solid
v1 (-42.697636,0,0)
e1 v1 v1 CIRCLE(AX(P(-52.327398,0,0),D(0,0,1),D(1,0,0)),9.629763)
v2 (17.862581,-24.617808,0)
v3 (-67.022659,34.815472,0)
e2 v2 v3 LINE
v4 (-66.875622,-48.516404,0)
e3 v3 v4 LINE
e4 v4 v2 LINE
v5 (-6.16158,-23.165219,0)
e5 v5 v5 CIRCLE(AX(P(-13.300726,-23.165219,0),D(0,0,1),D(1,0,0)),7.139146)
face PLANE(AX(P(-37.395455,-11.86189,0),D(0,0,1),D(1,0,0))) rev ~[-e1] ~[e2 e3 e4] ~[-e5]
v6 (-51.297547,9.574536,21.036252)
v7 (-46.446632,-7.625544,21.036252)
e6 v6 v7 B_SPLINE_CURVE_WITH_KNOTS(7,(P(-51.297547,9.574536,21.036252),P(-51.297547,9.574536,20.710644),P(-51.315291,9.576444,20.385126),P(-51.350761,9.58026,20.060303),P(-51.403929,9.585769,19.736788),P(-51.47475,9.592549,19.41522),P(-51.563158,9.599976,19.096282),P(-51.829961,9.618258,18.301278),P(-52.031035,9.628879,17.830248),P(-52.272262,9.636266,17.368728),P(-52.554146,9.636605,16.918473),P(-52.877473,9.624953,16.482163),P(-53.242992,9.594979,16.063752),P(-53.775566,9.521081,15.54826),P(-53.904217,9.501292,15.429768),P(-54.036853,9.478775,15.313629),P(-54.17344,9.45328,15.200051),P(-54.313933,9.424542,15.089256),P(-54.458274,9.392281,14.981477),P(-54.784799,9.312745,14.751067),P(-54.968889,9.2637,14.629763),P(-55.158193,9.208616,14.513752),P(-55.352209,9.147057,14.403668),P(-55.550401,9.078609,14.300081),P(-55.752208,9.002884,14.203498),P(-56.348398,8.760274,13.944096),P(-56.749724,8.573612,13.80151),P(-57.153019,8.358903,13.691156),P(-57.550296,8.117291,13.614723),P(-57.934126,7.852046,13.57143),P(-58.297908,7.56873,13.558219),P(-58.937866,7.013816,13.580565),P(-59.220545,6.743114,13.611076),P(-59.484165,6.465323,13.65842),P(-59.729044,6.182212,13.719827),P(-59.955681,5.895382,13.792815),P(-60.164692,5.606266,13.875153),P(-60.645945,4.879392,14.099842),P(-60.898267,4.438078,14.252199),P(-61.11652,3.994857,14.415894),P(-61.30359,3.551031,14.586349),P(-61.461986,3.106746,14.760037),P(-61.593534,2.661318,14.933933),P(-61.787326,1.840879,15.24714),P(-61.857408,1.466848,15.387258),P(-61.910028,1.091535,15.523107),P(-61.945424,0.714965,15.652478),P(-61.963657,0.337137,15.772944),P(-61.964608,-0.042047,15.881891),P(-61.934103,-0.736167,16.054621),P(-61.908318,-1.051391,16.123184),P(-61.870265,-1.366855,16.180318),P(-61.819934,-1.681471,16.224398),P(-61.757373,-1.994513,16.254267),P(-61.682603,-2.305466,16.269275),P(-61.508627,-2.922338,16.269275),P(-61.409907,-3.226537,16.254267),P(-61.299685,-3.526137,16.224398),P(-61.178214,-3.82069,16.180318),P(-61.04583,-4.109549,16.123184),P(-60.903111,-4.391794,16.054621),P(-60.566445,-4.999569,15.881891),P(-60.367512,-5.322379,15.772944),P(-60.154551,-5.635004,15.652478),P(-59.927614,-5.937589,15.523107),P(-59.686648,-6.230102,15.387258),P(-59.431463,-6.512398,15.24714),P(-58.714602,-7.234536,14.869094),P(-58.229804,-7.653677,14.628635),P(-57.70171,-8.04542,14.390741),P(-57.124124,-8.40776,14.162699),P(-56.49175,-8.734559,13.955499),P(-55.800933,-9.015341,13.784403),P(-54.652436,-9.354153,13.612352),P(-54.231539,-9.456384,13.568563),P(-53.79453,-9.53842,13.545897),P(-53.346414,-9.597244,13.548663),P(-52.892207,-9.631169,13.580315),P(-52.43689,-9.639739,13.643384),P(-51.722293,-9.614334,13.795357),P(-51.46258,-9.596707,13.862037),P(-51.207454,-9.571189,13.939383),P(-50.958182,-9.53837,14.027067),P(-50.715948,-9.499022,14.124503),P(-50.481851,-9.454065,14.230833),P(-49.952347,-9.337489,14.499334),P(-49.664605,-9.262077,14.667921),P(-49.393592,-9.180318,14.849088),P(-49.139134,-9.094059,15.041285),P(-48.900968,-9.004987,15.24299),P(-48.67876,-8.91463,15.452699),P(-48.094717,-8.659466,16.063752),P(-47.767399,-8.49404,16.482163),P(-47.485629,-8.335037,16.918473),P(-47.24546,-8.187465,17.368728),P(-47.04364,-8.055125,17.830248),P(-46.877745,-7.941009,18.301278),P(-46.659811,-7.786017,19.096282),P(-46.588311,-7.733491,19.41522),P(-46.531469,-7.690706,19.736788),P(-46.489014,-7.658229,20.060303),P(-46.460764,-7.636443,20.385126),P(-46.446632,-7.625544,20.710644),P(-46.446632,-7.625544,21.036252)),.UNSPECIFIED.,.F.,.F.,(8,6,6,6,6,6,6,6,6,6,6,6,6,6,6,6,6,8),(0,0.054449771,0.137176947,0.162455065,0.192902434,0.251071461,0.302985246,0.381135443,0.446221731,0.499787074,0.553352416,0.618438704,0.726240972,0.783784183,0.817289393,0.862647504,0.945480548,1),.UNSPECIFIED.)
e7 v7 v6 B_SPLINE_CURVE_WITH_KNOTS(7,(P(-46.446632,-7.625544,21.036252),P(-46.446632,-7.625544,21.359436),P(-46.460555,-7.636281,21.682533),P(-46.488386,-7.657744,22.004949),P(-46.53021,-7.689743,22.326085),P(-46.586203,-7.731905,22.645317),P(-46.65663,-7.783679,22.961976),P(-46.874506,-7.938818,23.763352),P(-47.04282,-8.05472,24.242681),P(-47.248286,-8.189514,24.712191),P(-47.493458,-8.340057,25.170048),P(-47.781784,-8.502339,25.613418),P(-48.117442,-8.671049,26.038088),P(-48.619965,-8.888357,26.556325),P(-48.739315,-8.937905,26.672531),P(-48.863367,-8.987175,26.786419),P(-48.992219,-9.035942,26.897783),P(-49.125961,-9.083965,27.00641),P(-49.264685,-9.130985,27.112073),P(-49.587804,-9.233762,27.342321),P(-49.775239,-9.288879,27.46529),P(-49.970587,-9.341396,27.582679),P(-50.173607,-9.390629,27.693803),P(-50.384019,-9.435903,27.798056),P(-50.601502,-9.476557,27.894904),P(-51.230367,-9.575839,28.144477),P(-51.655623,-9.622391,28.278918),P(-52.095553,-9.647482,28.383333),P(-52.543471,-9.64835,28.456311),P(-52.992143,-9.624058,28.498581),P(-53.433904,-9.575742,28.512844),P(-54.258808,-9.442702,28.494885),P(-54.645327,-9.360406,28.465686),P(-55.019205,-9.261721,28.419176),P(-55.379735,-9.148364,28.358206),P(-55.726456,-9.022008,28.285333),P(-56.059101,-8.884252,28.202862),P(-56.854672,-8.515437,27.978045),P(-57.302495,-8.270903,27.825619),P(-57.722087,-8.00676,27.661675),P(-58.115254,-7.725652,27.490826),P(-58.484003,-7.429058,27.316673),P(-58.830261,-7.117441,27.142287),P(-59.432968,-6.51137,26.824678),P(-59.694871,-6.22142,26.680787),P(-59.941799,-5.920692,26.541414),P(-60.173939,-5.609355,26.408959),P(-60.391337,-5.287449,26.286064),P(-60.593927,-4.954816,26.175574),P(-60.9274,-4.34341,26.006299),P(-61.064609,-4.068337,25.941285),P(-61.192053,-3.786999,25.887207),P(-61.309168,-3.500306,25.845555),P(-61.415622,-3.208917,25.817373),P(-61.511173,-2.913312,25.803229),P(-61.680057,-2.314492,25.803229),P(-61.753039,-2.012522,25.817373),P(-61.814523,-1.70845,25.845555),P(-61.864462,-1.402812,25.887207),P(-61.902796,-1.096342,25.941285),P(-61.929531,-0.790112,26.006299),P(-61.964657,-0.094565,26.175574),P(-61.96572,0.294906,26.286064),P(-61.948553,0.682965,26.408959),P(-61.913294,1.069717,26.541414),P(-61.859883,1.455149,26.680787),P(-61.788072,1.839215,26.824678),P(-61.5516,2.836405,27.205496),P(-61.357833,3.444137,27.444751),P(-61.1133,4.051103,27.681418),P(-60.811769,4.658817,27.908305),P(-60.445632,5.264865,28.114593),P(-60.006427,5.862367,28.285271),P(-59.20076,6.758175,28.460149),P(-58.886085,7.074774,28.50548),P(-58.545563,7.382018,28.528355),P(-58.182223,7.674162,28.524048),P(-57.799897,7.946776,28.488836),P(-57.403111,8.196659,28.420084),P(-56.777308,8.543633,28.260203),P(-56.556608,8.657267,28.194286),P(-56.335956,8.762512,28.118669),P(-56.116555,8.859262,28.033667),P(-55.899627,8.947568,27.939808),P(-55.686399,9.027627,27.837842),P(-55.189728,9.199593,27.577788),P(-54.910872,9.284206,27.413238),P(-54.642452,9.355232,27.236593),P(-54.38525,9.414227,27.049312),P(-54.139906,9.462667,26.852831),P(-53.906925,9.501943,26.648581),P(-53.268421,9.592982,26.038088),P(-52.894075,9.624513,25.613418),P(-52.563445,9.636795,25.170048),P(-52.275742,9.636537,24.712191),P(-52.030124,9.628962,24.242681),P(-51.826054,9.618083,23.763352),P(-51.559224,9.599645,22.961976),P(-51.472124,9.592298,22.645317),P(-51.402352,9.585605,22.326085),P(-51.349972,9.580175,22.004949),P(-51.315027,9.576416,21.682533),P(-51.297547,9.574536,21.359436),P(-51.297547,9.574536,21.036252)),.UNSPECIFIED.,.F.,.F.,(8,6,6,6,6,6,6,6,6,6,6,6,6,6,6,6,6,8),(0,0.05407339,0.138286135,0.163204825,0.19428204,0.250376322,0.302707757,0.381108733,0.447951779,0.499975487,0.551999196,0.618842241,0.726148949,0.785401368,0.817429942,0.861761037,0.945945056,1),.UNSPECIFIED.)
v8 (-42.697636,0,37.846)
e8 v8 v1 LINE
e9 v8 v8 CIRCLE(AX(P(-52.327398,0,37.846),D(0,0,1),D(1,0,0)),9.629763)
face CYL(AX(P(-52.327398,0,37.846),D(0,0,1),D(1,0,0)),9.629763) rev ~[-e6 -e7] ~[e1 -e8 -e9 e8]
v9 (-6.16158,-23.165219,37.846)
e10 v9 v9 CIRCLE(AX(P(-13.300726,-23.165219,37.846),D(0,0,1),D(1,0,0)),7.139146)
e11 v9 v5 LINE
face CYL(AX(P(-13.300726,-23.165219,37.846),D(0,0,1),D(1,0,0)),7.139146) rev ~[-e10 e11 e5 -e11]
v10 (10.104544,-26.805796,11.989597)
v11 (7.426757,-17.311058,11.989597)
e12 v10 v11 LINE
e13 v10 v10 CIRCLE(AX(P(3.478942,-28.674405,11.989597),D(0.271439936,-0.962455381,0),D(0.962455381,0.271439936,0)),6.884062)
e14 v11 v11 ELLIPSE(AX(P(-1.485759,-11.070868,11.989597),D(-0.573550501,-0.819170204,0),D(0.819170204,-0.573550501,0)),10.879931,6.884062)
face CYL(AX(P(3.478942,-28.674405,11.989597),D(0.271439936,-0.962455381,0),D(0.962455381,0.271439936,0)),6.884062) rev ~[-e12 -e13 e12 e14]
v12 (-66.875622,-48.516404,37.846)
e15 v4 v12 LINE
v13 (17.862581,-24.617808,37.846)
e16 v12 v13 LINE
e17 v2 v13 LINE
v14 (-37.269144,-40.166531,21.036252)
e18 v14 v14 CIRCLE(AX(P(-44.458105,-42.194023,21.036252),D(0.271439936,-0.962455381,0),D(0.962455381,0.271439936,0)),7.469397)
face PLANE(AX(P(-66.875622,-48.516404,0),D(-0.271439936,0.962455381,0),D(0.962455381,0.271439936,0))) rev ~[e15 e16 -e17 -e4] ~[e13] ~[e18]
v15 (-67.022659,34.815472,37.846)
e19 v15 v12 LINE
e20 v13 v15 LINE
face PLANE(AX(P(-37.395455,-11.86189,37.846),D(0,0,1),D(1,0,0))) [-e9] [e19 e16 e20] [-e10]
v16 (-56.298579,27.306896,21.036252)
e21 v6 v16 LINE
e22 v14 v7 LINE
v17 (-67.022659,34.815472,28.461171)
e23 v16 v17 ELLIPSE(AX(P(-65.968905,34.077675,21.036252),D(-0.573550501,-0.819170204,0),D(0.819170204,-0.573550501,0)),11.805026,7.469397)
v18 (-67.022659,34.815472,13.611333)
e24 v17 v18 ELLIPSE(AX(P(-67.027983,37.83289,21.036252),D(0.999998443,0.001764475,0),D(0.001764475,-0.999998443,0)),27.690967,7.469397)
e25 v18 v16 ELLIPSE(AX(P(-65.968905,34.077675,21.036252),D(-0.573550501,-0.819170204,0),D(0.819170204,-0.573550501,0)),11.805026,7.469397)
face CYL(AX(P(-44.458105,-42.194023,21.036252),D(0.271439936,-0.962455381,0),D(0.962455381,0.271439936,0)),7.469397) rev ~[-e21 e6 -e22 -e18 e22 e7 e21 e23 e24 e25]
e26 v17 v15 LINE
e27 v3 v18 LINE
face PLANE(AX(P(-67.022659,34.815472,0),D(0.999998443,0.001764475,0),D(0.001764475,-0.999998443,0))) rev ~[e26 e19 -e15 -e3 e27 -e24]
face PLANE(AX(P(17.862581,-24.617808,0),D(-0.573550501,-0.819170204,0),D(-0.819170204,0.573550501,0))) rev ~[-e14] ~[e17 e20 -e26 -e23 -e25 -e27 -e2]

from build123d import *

# Parameters (mm, degrees)
F1_DEPTH = 37.846
F2_R     = 7.4693971268
F3_DEPTH = 80.2441237786
F4_R     = 7.1391458969
F5_DEPTH = 37.847
F6_R     = 6.8840617495
F7_DEPTH = 80.2441237786
F8_R     = 9.6297626658
F9_DEPTH = 37.847


with BuildPart() as f1:
    # F0 (on Top) → F1 (new body)
    with BuildSketch(Plane.XY):
        Polygon((-67.0226588845, 34.8154716194), (-66.8756216764, -48.5164038837), (17.8625807166, -24.6178079396), align=None)
    extrude(amount=F1_DEPTH)

    # F2 (on face) → F3 (cut, through all)
    with BuildSketch(Plane(origin=(7.7474819604, -27.4705550039, 0), x_dir=(0.9624553813, 0.2714399364, 0), z_dir=(0.2714399364, -0.9624553813, 0))):
        with Locations((-54.2420856655, 21.0362523794)):
            Circle(F2_R)
    extrude(amount=-F3_DEPTH, mode=Mode.SUBTRACT)

    # F4 (on face) → F5 (cut, through all)
    with BuildSketch(Plane.XY.offset(37.846)):
        with Locations((-13.3007261902, -23.1652185321)):
            Circle(F4_R)
    extrude(amount=-F5_DEPTH, mode=Mode.SUBTRACT)

    # F6 (on face) → F7 (cut, through all)
    with BuildSketch(Plane(origin=(7.7474819604, -27.4705550039, 0), x_dir=(0.9624553813, 0.2714399364, 0), z_dir=(0.2714399364, -0.9624553813, 0))):
        with Locations((-4.4350521639, 11.9895972311)):
            Circle(F6_R)
    extrude(amount=-F7_DEPTH, mode=Mode.SUBTRACT)

    # F8 (on face) → F9 (cut, through all)
    with BuildSketch(Plane.XY.offset(37.846)):
        with Locations((-52.3273982108, 0)):
            Circle(F8_R)
    extrude(amount=-F9_DEPTH, mode=Mode.SUBTRACT)


solid = f1.part
